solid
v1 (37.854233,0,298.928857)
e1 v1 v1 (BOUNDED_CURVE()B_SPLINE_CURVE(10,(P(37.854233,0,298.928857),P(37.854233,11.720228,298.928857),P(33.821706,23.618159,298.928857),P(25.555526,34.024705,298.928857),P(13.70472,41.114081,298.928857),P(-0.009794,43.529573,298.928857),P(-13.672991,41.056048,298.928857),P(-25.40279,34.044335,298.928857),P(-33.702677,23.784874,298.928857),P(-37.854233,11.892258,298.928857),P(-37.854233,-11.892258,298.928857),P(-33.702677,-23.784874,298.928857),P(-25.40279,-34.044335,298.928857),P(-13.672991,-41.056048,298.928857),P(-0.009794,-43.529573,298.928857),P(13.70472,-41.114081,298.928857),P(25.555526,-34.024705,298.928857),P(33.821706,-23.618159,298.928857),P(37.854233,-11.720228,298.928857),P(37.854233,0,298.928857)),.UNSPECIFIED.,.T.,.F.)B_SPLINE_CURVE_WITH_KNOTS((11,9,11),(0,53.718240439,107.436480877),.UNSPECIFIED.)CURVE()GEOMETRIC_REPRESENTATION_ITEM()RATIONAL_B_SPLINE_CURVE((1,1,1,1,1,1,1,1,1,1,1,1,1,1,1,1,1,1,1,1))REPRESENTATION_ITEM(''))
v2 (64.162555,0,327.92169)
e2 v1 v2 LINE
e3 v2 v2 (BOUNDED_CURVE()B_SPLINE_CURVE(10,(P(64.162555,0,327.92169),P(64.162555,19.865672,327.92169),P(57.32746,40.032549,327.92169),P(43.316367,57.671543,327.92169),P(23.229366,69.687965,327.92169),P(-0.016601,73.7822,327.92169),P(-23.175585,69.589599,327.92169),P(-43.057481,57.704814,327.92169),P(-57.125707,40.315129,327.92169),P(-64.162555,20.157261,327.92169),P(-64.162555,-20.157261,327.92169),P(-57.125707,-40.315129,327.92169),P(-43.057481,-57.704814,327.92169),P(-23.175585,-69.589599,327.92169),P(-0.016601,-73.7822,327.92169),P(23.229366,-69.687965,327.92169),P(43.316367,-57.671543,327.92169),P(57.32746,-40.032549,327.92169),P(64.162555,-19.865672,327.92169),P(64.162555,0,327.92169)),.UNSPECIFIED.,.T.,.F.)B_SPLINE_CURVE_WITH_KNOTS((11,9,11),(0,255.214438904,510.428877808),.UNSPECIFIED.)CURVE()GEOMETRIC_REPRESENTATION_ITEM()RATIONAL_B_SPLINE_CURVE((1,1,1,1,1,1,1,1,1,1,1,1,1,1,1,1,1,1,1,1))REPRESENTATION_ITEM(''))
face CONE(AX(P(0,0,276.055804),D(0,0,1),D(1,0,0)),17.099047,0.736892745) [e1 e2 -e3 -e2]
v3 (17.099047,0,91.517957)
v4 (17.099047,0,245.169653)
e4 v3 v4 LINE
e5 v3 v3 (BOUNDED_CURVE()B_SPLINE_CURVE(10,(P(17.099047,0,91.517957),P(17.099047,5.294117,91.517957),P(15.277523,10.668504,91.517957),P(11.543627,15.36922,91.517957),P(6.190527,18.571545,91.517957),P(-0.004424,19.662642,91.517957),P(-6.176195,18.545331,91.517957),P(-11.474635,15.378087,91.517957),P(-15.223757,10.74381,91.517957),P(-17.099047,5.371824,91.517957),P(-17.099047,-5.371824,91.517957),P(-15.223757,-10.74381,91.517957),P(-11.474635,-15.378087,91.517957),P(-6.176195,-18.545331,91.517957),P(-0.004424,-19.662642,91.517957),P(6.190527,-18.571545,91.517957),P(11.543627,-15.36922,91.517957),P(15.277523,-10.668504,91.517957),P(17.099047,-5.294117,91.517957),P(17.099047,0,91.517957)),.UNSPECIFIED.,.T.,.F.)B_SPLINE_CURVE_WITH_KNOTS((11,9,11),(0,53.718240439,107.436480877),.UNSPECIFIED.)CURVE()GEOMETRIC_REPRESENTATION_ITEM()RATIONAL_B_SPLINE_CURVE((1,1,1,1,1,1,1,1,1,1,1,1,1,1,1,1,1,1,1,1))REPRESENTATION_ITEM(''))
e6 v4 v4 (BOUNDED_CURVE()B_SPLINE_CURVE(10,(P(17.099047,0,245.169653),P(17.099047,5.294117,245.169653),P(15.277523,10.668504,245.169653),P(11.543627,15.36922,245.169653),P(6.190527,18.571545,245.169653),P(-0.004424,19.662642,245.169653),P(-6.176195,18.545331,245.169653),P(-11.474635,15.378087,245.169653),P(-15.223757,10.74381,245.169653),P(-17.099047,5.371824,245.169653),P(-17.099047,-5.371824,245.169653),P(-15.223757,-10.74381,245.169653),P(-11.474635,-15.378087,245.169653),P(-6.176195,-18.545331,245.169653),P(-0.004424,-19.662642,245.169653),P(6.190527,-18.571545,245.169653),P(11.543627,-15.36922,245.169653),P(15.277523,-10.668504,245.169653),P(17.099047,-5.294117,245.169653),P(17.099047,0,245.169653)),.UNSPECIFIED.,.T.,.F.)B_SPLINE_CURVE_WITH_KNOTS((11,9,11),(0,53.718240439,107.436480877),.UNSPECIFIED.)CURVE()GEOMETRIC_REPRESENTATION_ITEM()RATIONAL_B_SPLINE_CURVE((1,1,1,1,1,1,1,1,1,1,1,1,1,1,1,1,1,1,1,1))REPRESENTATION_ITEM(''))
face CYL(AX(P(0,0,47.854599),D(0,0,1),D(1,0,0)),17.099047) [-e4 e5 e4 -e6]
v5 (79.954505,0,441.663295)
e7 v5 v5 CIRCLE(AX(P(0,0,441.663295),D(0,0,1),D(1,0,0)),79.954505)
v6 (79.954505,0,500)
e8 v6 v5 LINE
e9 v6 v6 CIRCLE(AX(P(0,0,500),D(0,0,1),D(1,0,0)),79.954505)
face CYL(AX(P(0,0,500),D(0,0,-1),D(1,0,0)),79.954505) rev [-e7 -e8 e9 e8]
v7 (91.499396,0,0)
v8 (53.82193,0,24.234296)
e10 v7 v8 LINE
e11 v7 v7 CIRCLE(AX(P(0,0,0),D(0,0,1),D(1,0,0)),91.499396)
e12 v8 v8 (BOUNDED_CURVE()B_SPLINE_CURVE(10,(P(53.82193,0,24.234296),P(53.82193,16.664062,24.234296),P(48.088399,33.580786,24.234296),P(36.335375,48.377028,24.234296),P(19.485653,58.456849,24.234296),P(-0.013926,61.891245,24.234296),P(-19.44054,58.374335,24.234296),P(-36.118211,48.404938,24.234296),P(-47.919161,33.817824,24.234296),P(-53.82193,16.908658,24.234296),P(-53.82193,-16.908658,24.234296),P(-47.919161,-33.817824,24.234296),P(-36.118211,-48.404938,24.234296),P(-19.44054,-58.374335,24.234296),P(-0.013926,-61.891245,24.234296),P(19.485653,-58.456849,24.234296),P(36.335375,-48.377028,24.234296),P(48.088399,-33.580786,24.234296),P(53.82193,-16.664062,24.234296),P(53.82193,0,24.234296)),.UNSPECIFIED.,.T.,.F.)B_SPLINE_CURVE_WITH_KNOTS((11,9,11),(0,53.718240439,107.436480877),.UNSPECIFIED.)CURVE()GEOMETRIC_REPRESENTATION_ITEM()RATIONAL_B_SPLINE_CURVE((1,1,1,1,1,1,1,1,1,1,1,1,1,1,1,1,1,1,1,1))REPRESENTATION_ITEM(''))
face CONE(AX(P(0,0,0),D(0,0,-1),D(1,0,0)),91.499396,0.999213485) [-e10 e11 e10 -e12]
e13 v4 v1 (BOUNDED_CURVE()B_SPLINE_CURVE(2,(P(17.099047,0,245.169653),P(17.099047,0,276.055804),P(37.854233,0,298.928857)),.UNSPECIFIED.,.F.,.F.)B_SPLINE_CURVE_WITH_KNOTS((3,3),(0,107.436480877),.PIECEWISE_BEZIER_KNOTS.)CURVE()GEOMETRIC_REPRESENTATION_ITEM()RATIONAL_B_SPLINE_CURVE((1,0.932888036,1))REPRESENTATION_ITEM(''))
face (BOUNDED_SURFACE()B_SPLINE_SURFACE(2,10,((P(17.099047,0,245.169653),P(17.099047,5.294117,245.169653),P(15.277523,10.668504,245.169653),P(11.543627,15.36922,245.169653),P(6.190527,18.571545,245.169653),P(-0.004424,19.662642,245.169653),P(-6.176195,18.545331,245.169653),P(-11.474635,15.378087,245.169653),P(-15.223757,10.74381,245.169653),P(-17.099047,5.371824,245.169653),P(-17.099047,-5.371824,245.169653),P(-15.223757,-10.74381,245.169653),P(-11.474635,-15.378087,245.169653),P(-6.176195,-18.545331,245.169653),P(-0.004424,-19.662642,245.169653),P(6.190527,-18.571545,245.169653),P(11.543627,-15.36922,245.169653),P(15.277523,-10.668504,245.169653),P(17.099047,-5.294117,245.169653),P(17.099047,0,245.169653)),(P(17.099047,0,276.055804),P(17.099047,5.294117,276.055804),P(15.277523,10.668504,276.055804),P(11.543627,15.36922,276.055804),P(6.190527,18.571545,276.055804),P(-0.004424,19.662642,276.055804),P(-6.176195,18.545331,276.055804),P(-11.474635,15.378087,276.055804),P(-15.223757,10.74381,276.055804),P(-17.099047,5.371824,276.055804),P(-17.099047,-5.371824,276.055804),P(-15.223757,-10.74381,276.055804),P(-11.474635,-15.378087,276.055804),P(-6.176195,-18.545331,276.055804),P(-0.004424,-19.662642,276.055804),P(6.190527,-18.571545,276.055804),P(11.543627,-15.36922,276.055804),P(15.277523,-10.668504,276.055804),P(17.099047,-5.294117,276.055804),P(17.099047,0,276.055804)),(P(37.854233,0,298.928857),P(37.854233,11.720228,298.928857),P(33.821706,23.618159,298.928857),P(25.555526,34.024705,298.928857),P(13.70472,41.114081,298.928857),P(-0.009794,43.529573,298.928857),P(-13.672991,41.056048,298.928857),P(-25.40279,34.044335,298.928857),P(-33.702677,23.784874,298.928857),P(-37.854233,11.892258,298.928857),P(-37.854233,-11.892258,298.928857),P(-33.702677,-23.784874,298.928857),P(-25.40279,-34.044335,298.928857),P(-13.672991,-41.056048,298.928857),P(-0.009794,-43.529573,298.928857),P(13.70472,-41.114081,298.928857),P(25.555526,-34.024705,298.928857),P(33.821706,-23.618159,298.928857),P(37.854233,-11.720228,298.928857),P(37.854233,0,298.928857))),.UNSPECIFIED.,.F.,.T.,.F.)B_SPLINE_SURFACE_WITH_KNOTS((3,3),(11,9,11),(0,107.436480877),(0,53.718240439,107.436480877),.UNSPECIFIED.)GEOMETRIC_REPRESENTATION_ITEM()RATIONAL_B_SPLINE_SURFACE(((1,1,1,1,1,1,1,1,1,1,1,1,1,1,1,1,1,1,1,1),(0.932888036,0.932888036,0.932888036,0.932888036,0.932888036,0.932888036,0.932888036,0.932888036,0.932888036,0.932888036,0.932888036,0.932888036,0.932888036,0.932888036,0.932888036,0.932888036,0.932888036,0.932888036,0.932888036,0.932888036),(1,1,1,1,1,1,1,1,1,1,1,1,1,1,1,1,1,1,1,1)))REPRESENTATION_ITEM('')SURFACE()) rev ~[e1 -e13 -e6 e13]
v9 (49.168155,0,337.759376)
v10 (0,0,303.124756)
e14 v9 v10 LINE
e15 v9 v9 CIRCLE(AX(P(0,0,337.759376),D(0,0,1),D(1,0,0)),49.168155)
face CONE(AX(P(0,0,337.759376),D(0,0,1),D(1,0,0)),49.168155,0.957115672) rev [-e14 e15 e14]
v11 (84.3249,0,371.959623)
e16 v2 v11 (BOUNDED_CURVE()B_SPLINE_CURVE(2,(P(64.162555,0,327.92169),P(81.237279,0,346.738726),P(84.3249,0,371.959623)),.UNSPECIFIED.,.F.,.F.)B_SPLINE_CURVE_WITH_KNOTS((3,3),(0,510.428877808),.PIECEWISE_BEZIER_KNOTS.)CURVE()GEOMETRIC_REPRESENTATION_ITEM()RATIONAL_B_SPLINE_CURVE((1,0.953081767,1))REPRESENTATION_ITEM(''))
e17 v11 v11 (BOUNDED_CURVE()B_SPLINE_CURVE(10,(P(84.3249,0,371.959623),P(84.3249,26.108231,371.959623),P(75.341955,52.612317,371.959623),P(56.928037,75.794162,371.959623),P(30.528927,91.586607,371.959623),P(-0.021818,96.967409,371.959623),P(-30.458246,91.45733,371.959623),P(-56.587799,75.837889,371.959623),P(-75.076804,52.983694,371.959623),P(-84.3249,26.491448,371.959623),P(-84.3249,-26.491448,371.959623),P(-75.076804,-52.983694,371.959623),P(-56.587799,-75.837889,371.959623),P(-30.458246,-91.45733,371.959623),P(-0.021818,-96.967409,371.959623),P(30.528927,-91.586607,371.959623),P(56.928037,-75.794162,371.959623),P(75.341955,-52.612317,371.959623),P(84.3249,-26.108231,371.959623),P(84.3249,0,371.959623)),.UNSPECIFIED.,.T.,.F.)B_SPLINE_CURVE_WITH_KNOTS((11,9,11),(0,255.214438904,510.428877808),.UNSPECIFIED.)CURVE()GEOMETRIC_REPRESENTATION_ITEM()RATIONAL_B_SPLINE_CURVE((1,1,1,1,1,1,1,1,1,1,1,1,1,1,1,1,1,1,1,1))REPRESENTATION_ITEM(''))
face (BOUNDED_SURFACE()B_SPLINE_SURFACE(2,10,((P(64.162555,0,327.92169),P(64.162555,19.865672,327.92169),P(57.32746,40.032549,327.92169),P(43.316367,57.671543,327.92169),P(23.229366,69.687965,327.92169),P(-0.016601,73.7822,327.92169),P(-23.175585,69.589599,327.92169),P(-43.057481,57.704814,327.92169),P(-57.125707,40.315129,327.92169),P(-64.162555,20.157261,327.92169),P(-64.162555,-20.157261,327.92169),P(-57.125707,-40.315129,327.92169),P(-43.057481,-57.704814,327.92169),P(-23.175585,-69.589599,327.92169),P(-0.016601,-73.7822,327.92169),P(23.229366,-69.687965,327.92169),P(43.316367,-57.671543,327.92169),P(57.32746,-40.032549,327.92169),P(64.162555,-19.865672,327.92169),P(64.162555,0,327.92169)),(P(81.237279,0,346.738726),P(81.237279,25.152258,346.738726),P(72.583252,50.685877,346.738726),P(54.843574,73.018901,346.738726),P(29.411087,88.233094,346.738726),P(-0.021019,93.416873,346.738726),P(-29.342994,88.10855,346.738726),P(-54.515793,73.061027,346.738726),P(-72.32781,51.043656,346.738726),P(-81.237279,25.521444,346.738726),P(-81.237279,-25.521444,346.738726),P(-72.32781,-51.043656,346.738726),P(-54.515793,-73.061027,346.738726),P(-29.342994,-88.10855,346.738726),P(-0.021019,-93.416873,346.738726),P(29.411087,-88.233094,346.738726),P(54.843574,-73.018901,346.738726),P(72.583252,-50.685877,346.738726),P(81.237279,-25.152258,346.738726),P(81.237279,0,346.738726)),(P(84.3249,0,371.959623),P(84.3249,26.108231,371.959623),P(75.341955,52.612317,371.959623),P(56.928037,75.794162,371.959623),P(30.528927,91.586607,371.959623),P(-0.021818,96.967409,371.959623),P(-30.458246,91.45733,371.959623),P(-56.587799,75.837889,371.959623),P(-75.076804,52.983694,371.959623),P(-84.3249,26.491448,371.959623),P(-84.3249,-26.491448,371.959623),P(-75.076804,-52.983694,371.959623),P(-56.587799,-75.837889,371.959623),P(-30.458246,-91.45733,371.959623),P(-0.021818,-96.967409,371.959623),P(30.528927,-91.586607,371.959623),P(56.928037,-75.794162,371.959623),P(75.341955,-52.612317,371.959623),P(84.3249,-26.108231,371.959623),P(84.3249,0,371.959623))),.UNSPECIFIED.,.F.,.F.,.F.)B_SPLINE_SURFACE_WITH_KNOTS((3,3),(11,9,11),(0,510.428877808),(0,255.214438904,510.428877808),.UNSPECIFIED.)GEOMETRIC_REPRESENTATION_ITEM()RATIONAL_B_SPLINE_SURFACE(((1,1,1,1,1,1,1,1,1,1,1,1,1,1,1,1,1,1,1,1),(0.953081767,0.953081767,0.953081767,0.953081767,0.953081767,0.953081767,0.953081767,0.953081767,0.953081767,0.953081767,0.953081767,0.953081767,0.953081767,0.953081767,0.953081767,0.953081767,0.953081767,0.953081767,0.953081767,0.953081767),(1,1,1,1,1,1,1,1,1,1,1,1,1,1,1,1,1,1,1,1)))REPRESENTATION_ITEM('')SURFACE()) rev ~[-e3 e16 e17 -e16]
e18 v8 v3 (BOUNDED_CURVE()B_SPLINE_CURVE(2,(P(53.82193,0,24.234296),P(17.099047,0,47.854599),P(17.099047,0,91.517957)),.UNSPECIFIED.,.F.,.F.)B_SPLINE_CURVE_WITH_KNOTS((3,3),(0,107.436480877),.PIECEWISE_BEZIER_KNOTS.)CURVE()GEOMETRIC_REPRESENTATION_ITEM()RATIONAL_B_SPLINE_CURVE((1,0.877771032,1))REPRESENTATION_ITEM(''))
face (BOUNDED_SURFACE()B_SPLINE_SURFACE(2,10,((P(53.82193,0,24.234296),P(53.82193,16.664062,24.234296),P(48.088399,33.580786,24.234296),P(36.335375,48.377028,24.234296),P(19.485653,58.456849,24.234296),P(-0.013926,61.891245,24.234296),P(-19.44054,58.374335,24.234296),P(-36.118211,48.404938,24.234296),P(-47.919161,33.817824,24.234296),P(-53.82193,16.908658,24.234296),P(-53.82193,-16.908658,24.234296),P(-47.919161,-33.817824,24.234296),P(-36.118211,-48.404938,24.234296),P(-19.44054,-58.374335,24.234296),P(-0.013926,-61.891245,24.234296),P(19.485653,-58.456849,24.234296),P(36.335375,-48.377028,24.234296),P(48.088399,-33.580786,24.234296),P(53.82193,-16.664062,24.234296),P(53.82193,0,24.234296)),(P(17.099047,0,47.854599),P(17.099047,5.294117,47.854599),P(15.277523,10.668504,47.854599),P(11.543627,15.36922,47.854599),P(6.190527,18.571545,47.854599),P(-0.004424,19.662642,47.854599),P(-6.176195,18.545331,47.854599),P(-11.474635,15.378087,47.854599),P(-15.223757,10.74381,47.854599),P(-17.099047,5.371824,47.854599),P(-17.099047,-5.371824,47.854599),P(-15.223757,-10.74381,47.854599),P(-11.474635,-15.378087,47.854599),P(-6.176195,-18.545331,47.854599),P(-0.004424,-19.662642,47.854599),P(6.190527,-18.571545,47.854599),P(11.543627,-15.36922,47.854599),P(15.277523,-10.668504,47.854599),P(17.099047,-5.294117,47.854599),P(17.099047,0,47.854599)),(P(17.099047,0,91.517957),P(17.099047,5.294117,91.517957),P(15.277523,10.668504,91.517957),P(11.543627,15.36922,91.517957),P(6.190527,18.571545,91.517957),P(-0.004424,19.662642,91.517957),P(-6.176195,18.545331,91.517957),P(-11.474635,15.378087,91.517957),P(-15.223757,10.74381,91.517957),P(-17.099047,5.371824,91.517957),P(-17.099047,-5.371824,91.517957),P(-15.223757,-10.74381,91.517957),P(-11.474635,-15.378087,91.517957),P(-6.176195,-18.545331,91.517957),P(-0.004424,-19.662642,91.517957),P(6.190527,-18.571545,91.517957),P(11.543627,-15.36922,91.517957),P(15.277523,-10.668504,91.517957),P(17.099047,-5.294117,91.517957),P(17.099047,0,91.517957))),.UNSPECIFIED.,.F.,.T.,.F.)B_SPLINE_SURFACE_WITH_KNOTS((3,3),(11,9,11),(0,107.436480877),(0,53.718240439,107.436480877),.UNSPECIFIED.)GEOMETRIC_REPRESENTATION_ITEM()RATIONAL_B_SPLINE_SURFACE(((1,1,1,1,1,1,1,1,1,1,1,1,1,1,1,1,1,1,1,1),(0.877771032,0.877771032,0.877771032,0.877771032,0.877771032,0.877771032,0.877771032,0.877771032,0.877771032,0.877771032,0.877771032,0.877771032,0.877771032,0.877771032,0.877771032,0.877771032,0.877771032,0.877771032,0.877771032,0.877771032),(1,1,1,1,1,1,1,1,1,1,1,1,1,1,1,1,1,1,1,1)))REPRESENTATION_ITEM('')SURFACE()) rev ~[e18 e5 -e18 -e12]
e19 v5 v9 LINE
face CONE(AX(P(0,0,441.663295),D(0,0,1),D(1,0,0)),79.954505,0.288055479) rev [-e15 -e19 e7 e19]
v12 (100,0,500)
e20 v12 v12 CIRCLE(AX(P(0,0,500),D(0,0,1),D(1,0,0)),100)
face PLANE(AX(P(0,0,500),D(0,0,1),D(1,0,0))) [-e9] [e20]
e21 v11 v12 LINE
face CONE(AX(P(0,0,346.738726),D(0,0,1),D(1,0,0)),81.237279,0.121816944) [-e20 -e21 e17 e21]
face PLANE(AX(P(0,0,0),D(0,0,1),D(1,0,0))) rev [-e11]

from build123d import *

# Parameters (mm, degrees)
F2_R = 80


with BuildPart() as f1:
    # F0 (on Front) → F1 (revolve)
    with BuildSketch(Plane.XZ):
        Polygon((100, 500), (79.954505, 500), (79.954505, 441.663295), (49.168155, 337.759376), (0, 303.124756), (0, 0), (91.499396, 0), (17.099047, 47.854599), (17.099047, 276.055804), (81.237279, 346.738726), align=None)
    revolve(axis=Axis((0, 0, 151.562378), (0, 0, 1)))

    # F2
    f2_edges = [f1.edges().sort_by_distance(p)[0] for p in [
        (-81.237279, 0, 346.738726),
        (-17.099047, 0, 276.055804),
        (-17.099047, 0, 47.854599),
    ]]
    fillet(f2_edges, radius=F2_R)


solid = f1.part
